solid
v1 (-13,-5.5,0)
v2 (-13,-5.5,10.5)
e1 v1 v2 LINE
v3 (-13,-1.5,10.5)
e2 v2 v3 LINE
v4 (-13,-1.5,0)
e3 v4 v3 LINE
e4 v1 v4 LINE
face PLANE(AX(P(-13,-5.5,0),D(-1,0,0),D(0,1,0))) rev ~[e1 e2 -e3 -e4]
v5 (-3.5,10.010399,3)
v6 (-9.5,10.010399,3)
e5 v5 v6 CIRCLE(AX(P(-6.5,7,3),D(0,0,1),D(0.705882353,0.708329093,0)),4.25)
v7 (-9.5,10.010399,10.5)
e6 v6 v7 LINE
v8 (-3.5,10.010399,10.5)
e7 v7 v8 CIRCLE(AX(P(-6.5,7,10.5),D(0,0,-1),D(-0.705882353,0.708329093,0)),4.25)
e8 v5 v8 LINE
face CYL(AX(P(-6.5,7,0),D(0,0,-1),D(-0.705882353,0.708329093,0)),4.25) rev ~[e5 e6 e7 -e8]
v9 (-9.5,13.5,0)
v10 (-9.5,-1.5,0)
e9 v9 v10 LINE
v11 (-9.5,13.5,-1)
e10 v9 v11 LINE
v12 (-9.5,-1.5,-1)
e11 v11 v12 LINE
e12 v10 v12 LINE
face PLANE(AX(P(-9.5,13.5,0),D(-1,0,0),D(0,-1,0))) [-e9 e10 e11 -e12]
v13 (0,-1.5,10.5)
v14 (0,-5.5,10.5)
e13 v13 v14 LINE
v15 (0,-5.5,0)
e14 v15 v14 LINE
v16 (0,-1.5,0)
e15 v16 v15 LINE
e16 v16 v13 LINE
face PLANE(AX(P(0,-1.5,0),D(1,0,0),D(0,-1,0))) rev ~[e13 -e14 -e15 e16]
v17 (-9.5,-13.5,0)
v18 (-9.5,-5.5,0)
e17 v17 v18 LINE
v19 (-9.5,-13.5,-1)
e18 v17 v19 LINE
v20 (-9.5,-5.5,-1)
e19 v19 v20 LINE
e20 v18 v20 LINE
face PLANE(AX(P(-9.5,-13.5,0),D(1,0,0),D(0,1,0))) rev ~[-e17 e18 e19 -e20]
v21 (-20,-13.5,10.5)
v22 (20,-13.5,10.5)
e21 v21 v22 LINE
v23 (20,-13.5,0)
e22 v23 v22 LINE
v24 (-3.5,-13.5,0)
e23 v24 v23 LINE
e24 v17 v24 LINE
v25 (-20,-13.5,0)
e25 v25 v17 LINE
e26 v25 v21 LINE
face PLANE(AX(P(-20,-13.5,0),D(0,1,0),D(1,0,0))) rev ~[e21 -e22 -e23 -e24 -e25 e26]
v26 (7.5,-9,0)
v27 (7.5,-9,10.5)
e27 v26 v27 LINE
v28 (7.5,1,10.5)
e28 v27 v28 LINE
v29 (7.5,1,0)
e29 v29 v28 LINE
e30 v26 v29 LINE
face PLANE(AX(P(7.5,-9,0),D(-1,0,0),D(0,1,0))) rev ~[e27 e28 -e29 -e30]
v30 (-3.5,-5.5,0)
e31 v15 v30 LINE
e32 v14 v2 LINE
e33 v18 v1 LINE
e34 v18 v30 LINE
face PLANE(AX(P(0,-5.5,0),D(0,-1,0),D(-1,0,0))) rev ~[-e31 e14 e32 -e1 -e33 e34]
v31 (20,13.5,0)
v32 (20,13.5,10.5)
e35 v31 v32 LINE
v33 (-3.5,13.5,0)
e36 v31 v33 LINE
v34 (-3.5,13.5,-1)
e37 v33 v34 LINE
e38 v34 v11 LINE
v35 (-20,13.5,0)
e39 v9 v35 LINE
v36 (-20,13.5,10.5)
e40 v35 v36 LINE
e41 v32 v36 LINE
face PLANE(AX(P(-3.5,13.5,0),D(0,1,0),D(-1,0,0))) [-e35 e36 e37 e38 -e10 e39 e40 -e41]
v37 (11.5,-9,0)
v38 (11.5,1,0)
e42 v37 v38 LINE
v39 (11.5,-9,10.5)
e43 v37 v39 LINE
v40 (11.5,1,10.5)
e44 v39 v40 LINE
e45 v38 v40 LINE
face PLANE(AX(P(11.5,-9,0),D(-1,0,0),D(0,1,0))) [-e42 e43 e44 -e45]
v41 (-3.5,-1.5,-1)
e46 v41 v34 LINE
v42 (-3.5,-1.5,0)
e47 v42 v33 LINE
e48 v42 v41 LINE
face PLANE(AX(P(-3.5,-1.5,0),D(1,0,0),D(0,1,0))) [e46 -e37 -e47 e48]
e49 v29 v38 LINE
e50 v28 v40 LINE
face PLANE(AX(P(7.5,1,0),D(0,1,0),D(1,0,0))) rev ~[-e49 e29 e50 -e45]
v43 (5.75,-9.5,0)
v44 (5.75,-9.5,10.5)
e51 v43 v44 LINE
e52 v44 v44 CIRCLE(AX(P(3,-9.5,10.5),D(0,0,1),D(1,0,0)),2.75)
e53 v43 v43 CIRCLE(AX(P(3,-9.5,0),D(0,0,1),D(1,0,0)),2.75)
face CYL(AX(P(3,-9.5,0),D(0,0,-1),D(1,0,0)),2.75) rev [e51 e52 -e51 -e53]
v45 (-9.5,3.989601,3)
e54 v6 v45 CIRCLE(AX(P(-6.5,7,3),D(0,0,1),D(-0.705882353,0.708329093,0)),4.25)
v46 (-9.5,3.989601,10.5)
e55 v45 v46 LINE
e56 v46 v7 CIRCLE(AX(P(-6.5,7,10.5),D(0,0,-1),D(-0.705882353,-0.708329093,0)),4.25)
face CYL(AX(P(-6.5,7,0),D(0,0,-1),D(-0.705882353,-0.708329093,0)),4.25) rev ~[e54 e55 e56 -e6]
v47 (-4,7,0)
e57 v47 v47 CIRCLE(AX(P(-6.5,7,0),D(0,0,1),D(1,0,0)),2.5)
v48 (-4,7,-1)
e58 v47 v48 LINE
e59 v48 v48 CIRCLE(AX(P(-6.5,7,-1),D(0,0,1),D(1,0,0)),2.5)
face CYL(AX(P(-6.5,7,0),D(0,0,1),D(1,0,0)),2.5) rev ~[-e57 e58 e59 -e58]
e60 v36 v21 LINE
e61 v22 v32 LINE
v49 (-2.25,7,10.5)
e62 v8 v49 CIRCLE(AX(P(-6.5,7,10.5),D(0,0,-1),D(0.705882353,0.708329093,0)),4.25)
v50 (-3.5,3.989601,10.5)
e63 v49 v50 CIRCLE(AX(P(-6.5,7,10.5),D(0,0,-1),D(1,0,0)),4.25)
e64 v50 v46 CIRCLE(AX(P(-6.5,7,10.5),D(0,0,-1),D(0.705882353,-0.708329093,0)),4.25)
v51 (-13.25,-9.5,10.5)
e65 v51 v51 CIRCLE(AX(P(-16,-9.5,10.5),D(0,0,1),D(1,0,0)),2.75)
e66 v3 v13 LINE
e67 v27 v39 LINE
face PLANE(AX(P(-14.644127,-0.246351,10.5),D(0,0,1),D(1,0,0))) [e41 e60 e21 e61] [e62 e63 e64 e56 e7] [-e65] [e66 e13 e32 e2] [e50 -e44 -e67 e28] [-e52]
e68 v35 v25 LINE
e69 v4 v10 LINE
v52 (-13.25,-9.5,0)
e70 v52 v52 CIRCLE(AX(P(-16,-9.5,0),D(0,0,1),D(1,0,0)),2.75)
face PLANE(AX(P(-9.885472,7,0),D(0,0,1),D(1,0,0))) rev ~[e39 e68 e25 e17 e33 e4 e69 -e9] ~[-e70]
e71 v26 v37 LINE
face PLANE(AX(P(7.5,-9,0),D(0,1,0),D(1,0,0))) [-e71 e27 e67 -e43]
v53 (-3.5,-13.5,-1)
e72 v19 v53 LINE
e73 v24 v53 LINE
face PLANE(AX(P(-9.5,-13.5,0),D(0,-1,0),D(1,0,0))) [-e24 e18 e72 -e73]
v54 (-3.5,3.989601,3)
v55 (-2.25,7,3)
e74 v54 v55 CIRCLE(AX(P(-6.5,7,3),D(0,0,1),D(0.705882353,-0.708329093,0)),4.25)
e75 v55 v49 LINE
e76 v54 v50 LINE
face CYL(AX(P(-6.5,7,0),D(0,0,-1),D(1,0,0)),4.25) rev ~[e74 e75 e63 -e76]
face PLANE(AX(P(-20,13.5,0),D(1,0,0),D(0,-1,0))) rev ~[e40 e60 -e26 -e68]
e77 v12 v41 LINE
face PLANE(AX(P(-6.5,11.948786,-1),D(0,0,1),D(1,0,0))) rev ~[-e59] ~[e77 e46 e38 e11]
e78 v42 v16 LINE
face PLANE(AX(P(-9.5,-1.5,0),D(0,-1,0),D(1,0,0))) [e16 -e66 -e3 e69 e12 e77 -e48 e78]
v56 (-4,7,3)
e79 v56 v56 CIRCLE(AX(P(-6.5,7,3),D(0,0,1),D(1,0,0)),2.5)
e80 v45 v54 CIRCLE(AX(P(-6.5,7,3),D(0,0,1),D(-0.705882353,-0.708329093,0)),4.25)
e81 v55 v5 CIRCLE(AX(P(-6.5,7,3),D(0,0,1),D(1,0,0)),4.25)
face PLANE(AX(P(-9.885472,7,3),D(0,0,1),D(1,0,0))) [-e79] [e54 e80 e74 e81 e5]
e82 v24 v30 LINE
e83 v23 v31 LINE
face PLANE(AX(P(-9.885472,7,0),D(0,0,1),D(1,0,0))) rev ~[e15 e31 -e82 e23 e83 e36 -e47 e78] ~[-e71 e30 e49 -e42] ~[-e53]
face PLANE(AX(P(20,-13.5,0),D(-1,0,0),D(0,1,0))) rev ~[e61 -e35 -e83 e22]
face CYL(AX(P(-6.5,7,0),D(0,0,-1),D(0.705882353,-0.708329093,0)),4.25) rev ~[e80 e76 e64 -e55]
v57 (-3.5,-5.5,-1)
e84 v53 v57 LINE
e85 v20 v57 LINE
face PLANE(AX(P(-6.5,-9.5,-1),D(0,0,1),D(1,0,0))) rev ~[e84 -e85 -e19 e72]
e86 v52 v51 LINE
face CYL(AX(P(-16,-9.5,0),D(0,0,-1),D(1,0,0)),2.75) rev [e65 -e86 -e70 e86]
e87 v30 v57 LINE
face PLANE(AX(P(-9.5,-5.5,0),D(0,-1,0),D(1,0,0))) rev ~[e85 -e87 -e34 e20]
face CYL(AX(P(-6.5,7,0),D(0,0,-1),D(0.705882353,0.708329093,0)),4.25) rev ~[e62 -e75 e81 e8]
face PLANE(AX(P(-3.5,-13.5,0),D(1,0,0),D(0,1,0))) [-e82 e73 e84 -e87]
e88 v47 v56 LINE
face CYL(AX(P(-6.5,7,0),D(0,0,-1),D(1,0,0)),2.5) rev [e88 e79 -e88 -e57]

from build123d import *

# Parameters (mm, degrees)
F0_R     = 2.75
F0_W     = 4
F0_H     = 10
F0_W_2   = 6
F0_H_2   = 8
F1_DEPTH = 10.5
F0_R_2   = 2.5
F2_DEPTH = 3
F3_DEPTH = 1


with BuildPart() as f1:
    # F0 (on Top) → F1 (new body)
    with BuildSketch(Plane.XY):
        with BuildLine():
            Line((-20, -13.5), (-9.5, -13.5))
            Line((-9.5, -13.5), (-9.5, -5.5))
            Line((-9.5, -5.5), (-13, -5.5))
            Line((-13, -5.5), (-13, -1.5))
            Line((-13, -1.5), (-9.5, -1.5))
            Line((-9.5, -1.5), (-9.5, 3.9896013553))
            ThreePointArc((-9.5, 3.9896013553), (-10.75, 7), (-9.5, 10.0103986447))
            Line((-9.5, 10.0103986447), (-9.5, 13.5))
            Line((-9.5, 13.5), (-20, 13.5))
            Line((-20, 13.5), (-20, -13.5))
        make_face()
        with Locations((-16, -9.5)):
            Circle(F0_R, mode=Mode.SUBTRACT)
        with BuildLine():
            Line((-3.5, 10.0103986447), (-3.5, 13.5))
            Line((-3.5, 13.5), (-9.5, 13.5))
            Line((-9.5, 13.5), (-9.5, 10.0103986447))
            ThreePointArc((-9.5, 10.0103986447), (-6.5, 11.25), (-3.5, 10.0103986447))
        make_face()
        with BuildLine():
            Line((-3.5, -13.5), (20, -13.5))
            Line((20, -13.5), (20, 13.5))
            Line((20, 13.5), (-3.5, 13.5))
            Line((-3.5, 13.5), (-3.5, 10.0103986447))
            ThreePointArc((-3.5, 10.0103986447), (-2.574920383, 8.6298006013), (-2.25, 7))
            ThreePointArc((-2.25, 7), (-2.574920383, 5.3701993987), (-3.5, 3.9896013553))
            Line((-3.5, 3.9896013553), (-3.5, -1.5))
            Line((-3.5, -1.5), (0, -1.5))
            Line((0, -1.5), (0, -5.5))
            Line((0, -5.5), (-3.5, -5.5))
            Line((-3.5, -5.5), (-3.5, -13.5))
        make_face()
        with Locations((3, -9.5)):
            Circle(F0_R, mode=Mode.SUBTRACT)
        with Locations((9.5, -4)):
            Rectangle(F0_W, F0_H, mode=Mode.SUBTRACT)
        with Locations((-6.5, -9.5)):
            Rectangle(F0_W_2, F0_H_2)
        with BuildLine():
            Line((-9.5, -1.5), (-3.5, -1.5))
            Line((-3.5, -1.5), (-3.5, 3.9896013553))
            ThreePointArc((-3.5, 3.9896013553), (-6.5, 2.75), (-9.5, 3.9896013553))
            Line((-9.5, 3.9896013553), (-9.5, -1.5))
        make_face()
    extrude(amount=F1_DEPTH)

    # F0 (on Top) → F2 (join)
    with BuildSketch(Plane.XY):
        with BuildLine():
            Line((-9.5, 3.9896013553), (-9.5, 10.0103986447))
            ThreePointArc((-9.5, 10.0103986447), (-10.75, 7), (-9.5, 3.9896013553))
        make_face()
        with BuildLine():
            Line((-3.5, 3.9896013553), (-3.5, 10.0103986447))
            ThreePointArc((-3.5, 10.0103986447), (-6.5, 11.25), (-9.5, 10.0103986447))
            Line((-9.5, 10.0103986447), (-9.5, 3.9896013553))
            ThreePointArc((-9.5, 3.9896013553), (-6.5, 2.75), (-3.5, 3.9896013553))
        make_face()
        with Locations((-6.5, 7)):
            Circle(F0_R_2, mode=Mode.SUBTRACT)
        with BuildLine():
            ThreePointArc((-2.25, 7), (-2.574920383, 8.6298006013), (-3.5, 10.0103986447))
            Line((-3.5, 10.0103986447), (-3.5, 3.9896013553))
            ThreePointArc((-3.5, 3.9896013553), (-2.574920383, 5.3701993987), (-2.25, 7))
        make_face()
    extrude(amount=F2_DEPTH)

    # F0 (on Top) → F3 (join)
    with BuildSketch(Plane.XY):
        with BuildLine():
            Line((-3.5, 10.0103986447), (-3.5, 13.5))
            Line((-3.5, 13.5), (-9.5, 13.5))
            Line((-9.5, 13.5), (-9.5, 10.0103986447))
            ThreePointArc((-9.5, 10.0103986447), (-6.5, 11.25), (-3.5, 10.0103986447))
        make_face()
        with BuildLine():
            Line((-3.5, 3.9896013553), (-3.5, 10.0103986447))
            ThreePointArc((-3.5, 10.0103986447), (-6.5, 11.25), (-9.5, 10.0103986447))
            Line((-9.5, 10.0103986447), (-9.5, 3.9896013553))
            ThreePointArc((-9.5, 3.9896013553), (-6.5, 2.75), (-3.5, 3.9896013553))
        make_face()
        with Locations((-6.5, 7)):
            Circle(F0_R_2, mode=Mode.SUBTRACT)
        with BuildLine():
            Line((-9.5, -1.5), (-3.5, -1.5))
            Line((-3.5, -1.5), (-3.5, 3.9896013553))
            ThreePointArc((-3.5, 3.9896013553), (-6.5, 2.75), (-9.5, 3.9896013553))
            Line((-9.5, 3.9896013553), (-9.5, -1.5))
        make_face()
        with Locations((-6.5, -9.5)):
            Rectangle(F0_W_2, F0_H_2)
    extrude(amount=-F3_DEPTH)


solid = f1.part
